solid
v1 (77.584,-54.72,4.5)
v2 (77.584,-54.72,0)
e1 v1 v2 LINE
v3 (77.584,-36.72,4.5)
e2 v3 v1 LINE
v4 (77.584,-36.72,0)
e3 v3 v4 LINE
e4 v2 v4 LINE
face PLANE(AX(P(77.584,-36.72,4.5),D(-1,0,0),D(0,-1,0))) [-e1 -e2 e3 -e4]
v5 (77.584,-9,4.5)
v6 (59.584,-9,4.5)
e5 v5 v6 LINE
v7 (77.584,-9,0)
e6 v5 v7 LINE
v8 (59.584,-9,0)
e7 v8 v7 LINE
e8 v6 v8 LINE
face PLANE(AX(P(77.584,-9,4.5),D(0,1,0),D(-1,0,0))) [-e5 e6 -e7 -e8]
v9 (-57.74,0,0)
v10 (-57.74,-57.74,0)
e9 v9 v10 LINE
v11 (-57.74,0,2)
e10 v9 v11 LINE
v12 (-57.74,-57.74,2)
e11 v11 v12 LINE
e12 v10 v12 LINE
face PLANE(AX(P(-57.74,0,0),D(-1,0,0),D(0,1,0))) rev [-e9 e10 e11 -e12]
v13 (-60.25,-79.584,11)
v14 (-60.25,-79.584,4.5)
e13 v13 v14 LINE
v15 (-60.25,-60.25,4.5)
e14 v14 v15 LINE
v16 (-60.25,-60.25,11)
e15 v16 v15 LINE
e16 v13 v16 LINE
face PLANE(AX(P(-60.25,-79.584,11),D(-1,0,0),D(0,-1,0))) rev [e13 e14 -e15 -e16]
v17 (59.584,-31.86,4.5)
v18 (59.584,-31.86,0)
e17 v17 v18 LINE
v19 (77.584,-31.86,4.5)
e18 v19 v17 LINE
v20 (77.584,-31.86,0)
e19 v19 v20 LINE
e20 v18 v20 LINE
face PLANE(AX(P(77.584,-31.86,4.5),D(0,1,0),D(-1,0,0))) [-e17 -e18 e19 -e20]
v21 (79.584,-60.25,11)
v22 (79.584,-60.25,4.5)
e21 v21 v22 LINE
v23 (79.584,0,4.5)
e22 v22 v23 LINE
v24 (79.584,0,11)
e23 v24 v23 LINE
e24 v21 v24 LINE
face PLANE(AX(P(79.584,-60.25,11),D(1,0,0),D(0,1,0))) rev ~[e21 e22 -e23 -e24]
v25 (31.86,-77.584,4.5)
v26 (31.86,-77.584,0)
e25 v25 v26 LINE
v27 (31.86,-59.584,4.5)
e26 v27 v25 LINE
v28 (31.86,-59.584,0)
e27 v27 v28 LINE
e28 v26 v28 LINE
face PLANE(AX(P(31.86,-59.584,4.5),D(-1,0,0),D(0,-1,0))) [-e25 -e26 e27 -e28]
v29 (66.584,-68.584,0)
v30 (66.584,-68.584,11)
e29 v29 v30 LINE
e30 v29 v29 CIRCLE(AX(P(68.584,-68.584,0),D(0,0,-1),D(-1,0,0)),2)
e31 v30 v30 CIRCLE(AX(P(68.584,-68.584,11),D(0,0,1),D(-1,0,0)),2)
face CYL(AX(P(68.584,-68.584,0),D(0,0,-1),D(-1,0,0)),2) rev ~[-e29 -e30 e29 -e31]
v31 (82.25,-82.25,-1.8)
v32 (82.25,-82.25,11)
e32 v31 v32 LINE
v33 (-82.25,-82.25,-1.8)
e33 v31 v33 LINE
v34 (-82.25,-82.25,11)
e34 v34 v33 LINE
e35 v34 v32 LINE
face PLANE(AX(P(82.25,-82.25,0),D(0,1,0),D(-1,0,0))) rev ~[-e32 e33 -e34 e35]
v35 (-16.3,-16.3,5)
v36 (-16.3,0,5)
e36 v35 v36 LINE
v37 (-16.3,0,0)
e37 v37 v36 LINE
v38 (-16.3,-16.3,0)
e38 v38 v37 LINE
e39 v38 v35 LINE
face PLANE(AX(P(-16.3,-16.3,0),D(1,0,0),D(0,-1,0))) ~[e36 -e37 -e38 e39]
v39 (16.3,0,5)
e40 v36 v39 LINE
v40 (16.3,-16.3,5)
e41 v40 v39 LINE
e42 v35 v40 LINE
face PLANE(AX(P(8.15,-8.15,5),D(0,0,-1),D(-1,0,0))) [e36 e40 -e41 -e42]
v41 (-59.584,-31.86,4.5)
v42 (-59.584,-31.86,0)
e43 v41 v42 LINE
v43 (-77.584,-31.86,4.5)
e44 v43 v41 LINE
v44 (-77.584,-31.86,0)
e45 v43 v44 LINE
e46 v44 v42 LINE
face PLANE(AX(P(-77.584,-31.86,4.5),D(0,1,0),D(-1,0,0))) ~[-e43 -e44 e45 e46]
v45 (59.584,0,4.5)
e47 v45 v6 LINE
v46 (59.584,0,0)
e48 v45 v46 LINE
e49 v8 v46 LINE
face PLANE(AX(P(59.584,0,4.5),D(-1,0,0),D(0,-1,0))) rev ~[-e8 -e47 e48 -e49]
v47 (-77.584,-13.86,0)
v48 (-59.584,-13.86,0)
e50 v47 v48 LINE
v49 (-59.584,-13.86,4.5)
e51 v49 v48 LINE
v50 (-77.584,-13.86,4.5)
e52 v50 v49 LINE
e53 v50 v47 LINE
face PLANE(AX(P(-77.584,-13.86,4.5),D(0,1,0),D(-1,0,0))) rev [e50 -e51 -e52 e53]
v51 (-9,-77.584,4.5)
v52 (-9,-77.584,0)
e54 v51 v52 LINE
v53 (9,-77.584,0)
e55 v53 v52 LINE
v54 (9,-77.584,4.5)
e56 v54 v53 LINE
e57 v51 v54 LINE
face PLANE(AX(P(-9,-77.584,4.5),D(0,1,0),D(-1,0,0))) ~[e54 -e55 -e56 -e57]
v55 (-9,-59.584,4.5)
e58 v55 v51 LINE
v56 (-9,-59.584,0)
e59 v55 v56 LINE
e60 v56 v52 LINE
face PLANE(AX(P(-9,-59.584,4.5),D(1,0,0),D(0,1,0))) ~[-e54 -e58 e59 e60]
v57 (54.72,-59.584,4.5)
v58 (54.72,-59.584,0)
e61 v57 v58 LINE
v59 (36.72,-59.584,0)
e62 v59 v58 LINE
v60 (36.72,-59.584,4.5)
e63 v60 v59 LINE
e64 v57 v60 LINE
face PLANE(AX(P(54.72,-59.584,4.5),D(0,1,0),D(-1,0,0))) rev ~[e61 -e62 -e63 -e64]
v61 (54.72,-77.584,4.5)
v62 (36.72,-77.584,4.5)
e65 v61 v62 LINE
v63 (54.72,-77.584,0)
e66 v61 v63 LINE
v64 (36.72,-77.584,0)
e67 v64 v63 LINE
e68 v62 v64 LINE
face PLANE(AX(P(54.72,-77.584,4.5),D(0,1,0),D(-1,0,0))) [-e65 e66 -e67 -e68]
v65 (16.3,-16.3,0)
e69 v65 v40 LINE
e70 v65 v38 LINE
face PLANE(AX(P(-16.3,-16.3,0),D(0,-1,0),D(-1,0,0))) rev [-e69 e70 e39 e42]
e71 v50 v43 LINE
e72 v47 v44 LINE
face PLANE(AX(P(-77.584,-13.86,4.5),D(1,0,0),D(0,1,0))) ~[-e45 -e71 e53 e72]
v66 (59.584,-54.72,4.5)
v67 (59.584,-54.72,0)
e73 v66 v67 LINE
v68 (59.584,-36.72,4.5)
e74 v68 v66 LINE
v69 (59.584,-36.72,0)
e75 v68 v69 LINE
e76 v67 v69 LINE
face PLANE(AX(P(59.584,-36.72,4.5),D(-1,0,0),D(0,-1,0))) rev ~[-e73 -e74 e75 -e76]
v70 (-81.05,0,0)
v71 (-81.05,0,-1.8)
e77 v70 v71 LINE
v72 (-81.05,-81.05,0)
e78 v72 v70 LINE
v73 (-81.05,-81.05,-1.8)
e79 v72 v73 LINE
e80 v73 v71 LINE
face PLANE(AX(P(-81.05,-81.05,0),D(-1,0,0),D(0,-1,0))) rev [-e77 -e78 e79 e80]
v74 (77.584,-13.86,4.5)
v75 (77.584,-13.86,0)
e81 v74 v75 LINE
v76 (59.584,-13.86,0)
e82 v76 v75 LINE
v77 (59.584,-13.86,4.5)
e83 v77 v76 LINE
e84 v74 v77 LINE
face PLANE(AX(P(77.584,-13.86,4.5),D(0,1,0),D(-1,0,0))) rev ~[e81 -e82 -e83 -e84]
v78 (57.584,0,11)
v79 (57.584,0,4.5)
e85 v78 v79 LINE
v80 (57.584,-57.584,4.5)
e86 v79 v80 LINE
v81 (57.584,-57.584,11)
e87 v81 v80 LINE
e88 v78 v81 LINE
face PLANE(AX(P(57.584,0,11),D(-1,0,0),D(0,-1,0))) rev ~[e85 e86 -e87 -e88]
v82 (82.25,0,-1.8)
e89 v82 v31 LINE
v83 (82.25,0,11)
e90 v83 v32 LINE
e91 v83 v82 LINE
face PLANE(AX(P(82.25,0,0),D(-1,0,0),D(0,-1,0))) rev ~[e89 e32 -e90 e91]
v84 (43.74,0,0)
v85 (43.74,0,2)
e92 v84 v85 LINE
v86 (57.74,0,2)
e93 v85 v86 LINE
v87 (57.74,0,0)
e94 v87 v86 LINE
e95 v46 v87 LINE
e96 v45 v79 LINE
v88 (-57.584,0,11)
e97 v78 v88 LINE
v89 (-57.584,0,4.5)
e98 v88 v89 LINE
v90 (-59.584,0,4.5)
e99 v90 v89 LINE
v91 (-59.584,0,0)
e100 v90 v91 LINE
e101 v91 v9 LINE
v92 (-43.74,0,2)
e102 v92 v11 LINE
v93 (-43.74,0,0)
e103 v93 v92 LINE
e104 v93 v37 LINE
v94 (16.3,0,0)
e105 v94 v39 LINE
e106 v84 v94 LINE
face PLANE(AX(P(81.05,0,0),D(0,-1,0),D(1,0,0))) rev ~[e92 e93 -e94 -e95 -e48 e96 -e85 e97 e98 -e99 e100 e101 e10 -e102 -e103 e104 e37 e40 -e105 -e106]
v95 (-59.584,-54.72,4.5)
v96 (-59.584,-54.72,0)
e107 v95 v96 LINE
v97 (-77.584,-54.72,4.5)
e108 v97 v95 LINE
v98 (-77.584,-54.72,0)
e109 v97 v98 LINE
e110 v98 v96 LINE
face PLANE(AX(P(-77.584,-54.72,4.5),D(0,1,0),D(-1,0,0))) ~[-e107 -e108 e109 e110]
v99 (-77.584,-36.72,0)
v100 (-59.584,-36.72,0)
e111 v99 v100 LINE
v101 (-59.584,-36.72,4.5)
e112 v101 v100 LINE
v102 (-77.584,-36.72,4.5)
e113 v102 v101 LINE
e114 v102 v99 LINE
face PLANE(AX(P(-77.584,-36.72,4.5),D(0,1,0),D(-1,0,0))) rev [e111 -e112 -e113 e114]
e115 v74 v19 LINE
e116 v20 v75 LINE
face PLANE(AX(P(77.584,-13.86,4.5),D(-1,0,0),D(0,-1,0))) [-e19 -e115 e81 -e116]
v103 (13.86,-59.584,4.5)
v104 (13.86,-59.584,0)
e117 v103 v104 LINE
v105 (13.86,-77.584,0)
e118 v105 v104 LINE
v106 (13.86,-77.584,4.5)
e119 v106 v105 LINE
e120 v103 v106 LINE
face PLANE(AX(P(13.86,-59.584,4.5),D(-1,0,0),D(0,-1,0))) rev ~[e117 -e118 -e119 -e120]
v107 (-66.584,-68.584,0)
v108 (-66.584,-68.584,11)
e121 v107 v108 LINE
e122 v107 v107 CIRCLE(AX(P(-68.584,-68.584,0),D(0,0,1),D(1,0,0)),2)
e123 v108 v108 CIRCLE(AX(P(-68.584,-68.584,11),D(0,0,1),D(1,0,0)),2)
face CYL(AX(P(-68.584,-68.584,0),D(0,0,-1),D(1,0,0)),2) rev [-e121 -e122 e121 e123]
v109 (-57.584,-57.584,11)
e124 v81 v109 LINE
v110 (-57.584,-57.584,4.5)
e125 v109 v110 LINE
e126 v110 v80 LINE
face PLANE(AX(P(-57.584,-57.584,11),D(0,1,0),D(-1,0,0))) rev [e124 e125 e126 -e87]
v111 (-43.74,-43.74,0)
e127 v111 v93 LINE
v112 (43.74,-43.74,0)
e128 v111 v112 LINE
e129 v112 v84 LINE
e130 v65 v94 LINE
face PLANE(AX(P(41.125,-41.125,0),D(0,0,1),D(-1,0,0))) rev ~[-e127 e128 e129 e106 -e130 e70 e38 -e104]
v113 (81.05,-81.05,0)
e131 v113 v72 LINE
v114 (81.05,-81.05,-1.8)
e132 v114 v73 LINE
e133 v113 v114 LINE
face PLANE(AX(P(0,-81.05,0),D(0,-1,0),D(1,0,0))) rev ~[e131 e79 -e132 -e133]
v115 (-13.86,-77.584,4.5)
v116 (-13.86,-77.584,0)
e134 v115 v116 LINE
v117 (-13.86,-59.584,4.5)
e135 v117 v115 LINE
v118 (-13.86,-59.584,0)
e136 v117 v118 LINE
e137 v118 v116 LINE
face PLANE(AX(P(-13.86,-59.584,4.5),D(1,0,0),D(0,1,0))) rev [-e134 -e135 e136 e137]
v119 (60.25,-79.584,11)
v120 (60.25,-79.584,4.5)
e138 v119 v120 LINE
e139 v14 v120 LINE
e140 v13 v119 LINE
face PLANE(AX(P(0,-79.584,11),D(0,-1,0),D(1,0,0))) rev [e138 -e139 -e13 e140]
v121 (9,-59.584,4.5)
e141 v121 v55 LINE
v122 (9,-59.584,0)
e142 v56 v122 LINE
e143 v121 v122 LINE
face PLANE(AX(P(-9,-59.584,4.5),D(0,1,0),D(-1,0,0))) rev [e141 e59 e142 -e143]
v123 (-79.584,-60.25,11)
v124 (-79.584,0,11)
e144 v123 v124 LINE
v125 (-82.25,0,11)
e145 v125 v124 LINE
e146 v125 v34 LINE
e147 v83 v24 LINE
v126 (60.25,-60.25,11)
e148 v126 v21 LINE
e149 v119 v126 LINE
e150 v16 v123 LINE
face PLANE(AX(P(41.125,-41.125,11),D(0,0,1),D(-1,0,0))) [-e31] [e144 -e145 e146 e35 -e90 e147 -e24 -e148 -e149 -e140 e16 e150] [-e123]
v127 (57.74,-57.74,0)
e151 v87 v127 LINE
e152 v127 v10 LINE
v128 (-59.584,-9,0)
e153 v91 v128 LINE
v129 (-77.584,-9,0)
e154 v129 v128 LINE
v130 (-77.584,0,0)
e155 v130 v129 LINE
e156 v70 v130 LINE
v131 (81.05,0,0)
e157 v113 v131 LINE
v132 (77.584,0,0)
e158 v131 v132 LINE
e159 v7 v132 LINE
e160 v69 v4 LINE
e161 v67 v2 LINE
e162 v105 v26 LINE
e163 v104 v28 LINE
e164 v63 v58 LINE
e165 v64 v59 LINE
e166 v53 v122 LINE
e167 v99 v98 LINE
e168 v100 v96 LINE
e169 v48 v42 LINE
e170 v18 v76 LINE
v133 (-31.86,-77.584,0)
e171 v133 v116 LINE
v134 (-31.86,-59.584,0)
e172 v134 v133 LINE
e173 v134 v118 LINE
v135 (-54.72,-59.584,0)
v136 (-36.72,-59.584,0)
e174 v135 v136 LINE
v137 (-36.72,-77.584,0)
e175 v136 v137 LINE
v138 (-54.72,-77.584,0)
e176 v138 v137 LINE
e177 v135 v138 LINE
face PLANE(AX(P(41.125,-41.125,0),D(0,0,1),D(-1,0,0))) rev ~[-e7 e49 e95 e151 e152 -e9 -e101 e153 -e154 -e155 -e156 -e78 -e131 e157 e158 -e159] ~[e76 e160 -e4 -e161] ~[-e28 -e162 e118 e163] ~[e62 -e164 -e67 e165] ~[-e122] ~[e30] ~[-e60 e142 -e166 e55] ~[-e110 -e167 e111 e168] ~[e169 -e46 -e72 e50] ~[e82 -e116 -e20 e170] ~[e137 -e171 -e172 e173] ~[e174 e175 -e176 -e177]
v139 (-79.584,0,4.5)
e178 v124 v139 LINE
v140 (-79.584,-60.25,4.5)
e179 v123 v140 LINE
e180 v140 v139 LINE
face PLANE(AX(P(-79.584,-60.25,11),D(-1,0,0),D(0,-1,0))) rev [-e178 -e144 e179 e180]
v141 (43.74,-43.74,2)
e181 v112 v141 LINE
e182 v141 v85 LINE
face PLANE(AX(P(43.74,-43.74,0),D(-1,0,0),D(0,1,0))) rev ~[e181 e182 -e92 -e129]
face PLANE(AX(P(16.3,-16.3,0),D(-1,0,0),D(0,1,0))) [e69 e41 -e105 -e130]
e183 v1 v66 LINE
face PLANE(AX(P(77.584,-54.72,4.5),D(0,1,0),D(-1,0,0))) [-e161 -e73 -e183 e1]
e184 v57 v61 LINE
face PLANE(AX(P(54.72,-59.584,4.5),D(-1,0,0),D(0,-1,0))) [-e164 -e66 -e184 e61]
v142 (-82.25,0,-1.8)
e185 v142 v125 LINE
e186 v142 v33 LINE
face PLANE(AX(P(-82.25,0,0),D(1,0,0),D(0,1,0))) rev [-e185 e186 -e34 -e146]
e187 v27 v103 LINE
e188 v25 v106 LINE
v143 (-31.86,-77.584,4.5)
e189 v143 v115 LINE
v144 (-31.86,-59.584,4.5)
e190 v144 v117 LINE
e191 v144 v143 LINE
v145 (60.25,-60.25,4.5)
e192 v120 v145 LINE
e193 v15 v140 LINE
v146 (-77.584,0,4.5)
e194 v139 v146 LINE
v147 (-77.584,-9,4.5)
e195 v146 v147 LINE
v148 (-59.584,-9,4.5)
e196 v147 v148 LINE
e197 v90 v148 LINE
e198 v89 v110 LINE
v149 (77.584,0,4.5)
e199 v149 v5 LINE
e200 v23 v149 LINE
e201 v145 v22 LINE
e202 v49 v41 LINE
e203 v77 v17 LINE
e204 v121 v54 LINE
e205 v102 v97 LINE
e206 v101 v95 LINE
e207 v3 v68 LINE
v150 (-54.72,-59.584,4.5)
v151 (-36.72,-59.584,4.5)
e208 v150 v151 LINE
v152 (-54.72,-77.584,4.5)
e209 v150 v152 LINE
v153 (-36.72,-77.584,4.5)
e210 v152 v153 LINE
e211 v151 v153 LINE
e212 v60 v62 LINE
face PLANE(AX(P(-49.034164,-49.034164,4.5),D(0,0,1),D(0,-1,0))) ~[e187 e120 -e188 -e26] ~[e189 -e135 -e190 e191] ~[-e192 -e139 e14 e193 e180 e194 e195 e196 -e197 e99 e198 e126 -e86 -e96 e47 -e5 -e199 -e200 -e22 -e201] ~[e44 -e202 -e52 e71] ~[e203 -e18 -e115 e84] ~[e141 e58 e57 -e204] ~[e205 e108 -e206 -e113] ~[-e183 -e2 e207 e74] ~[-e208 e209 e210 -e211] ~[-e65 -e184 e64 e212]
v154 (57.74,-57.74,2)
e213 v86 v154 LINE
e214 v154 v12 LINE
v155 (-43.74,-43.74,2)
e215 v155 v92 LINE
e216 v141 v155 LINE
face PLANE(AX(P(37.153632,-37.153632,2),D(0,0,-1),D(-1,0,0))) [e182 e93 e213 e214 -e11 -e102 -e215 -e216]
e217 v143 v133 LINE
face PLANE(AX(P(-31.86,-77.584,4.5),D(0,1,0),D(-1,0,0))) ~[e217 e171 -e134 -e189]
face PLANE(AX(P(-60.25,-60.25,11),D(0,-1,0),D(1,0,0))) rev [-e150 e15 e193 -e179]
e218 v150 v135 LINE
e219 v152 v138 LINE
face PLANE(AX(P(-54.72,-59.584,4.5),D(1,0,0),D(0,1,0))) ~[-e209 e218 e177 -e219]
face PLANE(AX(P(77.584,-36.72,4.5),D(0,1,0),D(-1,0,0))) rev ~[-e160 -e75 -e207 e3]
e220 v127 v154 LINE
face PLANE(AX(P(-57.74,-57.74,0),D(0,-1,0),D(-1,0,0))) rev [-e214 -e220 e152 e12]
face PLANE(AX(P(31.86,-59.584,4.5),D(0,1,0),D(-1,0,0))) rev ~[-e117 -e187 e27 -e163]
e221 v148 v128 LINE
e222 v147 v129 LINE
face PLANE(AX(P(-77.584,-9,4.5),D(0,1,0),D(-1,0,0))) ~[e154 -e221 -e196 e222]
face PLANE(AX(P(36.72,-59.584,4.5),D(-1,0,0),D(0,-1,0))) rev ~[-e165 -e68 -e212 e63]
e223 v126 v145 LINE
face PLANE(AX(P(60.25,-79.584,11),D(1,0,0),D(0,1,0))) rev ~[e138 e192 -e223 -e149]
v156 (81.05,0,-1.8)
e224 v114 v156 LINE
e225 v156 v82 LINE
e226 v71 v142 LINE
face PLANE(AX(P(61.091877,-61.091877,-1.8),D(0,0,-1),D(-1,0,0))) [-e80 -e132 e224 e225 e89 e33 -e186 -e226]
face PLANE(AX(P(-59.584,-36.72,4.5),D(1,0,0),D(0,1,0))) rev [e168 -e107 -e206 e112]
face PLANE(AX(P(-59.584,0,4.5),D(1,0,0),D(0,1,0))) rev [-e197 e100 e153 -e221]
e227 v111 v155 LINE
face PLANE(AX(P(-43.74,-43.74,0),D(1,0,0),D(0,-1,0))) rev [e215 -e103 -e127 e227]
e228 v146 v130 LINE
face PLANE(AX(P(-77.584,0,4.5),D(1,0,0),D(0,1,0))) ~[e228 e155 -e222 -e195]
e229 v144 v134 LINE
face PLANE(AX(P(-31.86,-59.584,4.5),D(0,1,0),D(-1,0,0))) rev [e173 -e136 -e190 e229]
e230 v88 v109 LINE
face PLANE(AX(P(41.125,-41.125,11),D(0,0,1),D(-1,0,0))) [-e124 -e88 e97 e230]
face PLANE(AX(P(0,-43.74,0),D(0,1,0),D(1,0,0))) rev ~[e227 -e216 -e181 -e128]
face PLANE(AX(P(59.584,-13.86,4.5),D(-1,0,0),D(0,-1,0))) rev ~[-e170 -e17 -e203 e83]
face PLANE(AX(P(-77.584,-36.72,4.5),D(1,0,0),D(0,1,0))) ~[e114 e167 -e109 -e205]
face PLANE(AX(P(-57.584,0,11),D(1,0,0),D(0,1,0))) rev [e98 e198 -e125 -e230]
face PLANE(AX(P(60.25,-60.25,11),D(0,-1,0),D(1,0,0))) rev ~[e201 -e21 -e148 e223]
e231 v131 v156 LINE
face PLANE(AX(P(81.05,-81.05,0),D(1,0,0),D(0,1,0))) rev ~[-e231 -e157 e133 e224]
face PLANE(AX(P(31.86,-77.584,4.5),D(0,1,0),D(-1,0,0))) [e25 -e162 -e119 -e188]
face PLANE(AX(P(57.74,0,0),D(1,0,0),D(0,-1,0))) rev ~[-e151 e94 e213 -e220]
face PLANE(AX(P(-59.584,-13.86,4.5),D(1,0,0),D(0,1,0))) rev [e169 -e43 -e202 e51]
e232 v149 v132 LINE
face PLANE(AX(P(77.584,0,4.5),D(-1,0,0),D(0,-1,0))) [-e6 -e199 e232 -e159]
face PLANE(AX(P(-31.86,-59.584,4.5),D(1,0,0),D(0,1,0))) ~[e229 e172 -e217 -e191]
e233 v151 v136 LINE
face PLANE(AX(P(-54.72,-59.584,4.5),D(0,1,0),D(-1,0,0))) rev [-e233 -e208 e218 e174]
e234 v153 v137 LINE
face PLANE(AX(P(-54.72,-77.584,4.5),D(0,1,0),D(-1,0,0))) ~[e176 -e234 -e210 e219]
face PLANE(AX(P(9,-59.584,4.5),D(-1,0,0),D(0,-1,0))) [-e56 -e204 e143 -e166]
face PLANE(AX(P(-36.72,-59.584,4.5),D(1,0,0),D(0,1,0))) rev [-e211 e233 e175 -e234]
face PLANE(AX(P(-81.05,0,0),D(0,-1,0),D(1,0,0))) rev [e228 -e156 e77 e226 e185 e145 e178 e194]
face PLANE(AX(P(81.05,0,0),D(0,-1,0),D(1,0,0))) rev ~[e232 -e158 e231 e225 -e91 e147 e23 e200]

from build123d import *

# Parameters (mm, degrees)
SKETCH_W        = 82.25
SKETCH_H        = 82.25
PAD_DEPTH       = 11
PAD001_DEPTH    = 1.8
POCKET_DEPTH    = 6.5
SKETCH003_W     = 18
SKETCH003_H     = 18
SKETCH003_W_2   = 9
SKETCH003_H_2   = 9
POCKET001_DEPTH = 5
SKETCH004_R     = 2
POCKET002_DEPTH = 13
POCKET003_DEPTH = 2
SKETCH006_W     = 16.3
SKETCH006_H     = 16.3
POCKET004_DEPTH = 5


with BuildPart() as body:
    # Sketch → Pad (new body)
    with BuildSketch(Plane.XY):
        with Locations((-41.125, 41.125)):
            Rectangle(SKETCH_W, SKETCH_H)
    pad = extrude(amount=PAD_DEPTH)

    # Sketch001 (on Face5 of Pad) → Pad001 (join)
    with BuildSketch(Plane(origin=(0, 0, 0), x_dir=(1, 0, 0), z_dir=(0, 0, -1))):
        Polygon((-82.25, 0), (-82.25, -82.25), (0, -82.25), (0, -81.05), (-81.05, -81.05), (-81.05, 0), align=None)
    pad001 = extrude(amount=PAD001_DEPTH)

    # Sketch002 (on Face6 of Pad001) → Pocket (cut)
    with BuildSketch(Plane(origin=(0, 0, 11), x_dir=(0, -1, 0), z_dir=(0, 0, 1))):
        Polygon((-79.584, 0), (-79.584, -60.25), (-60.25, -60.25), (-60.25, -79.584), (0, -79.584), (0, -57.584), (-57.584, -57.584), (-57.584, 0), align=None)
    pocket = extrude(amount=-POCKET_DEPTH, mode=Mode.SUBTRACT)

    # Sketch003 (on Face7 of Pocket) → Pocket001 (cut)
    with BuildSketch(Plane.XY.offset(4.5)):
        with Locations((-45.72, 68.584)):
            Rectangle(SKETCH003_W, SKETCH003_H)
        with Locations((-22.86, 68.584)):
            Rectangle(SKETCH003_W, SKETCH003_H)
        with Locations((-4.5, 68.584)):
            Rectangle(SKETCH003_W_2, SKETCH003_H)
        with Locations((-68.584, 4.5)):
            Rectangle(SKETCH003_W, SKETCH003_H_2)
        with Locations((-68.584, 22.86)):
            Rectangle(SKETCH003_W, SKETCH003_H)
        with Locations((-68.584, 45.72)):
            Rectangle(SKETCH003_W, SKETCH003_H)
    pocket001 = extrude(amount=-POCKET001_DEPTH, mode=Mode.SUBTRACT)

    # Sketch004 (on Face2 of Pocket001) → Pocket002 (cut)
    with BuildSketch(Plane(origin=(0, 0, 0), x_dir=(1, 0, 0), z_dir=(0, 0, -1))):
        with Locations((-68.584, -68.584)):
            Circle(SKETCH004_R)
    pocket002 = extrude(amount=-POCKET002_DEPTH, mode=Mode.SUBTRACT)

    # Sketch005 (on Face2 of Pocket002) → Pocket003 (cut)
    with BuildSketch(Plane(origin=(0, 0, 0), x_dir=(1, 0, 0), z_dir=(0, 0, -1))):
        Polygon((-57.74, 0), (-57.74, -57.74), (0, -57.74), (0, -43.74), (-43.74, -43.74), (-43.74, 0), align=None)
    pocket003 = extrude(amount=-POCKET003_DEPTH, mode=Mode.SUBTRACT)

    # Sketch006 (on Face2 of Pocket003) → Pocket004 (cut)
    with BuildSketch(Plane(origin=(0, 0, 0), x_dir=(1, 0, 0), z_dir=(0, 0, -1))):
        with Locations((-8.15, -8.15)):
            Rectangle(SKETCH006_W, SKETCH006_H)
    pocket004 = extrude(amount=-POCKET004_DEPTH, mode=Mode.SUBTRACT)

    # Mirrored: Pad, Pad001, Pocket, Pocket001, Pocket002, Pocket003, Pocket004 across YZ
    add(pad.mirror(Plane.YZ))
    add(pad001.mirror(Plane.YZ))
    add(pocket.mirror(Plane.YZ), mode=Mode.SUBTRACT)
    add(pocket001.mirror(Plane.YZ), mode=Mode.SUBTRACT)
    add(pocket002.mirror(Plane.YZ), mode=Mode.SUBTRACT)
    add(pocket003.mirror(Plane.YZ), mode=Mode.SUBTRACT)
    add(pocket004.mirror(Plane.YZ), mode=Mode.SUBTRACT)


with BuildPart() as part_mirroring:
    # Part__Mirroring: instance of Body
    add(body.part.mirror(Plane(origin=(0, 0, 0), x_dir=(1, 0, 0), z_dir=(0, 1, 0))))


solid = part_mirroring.part
